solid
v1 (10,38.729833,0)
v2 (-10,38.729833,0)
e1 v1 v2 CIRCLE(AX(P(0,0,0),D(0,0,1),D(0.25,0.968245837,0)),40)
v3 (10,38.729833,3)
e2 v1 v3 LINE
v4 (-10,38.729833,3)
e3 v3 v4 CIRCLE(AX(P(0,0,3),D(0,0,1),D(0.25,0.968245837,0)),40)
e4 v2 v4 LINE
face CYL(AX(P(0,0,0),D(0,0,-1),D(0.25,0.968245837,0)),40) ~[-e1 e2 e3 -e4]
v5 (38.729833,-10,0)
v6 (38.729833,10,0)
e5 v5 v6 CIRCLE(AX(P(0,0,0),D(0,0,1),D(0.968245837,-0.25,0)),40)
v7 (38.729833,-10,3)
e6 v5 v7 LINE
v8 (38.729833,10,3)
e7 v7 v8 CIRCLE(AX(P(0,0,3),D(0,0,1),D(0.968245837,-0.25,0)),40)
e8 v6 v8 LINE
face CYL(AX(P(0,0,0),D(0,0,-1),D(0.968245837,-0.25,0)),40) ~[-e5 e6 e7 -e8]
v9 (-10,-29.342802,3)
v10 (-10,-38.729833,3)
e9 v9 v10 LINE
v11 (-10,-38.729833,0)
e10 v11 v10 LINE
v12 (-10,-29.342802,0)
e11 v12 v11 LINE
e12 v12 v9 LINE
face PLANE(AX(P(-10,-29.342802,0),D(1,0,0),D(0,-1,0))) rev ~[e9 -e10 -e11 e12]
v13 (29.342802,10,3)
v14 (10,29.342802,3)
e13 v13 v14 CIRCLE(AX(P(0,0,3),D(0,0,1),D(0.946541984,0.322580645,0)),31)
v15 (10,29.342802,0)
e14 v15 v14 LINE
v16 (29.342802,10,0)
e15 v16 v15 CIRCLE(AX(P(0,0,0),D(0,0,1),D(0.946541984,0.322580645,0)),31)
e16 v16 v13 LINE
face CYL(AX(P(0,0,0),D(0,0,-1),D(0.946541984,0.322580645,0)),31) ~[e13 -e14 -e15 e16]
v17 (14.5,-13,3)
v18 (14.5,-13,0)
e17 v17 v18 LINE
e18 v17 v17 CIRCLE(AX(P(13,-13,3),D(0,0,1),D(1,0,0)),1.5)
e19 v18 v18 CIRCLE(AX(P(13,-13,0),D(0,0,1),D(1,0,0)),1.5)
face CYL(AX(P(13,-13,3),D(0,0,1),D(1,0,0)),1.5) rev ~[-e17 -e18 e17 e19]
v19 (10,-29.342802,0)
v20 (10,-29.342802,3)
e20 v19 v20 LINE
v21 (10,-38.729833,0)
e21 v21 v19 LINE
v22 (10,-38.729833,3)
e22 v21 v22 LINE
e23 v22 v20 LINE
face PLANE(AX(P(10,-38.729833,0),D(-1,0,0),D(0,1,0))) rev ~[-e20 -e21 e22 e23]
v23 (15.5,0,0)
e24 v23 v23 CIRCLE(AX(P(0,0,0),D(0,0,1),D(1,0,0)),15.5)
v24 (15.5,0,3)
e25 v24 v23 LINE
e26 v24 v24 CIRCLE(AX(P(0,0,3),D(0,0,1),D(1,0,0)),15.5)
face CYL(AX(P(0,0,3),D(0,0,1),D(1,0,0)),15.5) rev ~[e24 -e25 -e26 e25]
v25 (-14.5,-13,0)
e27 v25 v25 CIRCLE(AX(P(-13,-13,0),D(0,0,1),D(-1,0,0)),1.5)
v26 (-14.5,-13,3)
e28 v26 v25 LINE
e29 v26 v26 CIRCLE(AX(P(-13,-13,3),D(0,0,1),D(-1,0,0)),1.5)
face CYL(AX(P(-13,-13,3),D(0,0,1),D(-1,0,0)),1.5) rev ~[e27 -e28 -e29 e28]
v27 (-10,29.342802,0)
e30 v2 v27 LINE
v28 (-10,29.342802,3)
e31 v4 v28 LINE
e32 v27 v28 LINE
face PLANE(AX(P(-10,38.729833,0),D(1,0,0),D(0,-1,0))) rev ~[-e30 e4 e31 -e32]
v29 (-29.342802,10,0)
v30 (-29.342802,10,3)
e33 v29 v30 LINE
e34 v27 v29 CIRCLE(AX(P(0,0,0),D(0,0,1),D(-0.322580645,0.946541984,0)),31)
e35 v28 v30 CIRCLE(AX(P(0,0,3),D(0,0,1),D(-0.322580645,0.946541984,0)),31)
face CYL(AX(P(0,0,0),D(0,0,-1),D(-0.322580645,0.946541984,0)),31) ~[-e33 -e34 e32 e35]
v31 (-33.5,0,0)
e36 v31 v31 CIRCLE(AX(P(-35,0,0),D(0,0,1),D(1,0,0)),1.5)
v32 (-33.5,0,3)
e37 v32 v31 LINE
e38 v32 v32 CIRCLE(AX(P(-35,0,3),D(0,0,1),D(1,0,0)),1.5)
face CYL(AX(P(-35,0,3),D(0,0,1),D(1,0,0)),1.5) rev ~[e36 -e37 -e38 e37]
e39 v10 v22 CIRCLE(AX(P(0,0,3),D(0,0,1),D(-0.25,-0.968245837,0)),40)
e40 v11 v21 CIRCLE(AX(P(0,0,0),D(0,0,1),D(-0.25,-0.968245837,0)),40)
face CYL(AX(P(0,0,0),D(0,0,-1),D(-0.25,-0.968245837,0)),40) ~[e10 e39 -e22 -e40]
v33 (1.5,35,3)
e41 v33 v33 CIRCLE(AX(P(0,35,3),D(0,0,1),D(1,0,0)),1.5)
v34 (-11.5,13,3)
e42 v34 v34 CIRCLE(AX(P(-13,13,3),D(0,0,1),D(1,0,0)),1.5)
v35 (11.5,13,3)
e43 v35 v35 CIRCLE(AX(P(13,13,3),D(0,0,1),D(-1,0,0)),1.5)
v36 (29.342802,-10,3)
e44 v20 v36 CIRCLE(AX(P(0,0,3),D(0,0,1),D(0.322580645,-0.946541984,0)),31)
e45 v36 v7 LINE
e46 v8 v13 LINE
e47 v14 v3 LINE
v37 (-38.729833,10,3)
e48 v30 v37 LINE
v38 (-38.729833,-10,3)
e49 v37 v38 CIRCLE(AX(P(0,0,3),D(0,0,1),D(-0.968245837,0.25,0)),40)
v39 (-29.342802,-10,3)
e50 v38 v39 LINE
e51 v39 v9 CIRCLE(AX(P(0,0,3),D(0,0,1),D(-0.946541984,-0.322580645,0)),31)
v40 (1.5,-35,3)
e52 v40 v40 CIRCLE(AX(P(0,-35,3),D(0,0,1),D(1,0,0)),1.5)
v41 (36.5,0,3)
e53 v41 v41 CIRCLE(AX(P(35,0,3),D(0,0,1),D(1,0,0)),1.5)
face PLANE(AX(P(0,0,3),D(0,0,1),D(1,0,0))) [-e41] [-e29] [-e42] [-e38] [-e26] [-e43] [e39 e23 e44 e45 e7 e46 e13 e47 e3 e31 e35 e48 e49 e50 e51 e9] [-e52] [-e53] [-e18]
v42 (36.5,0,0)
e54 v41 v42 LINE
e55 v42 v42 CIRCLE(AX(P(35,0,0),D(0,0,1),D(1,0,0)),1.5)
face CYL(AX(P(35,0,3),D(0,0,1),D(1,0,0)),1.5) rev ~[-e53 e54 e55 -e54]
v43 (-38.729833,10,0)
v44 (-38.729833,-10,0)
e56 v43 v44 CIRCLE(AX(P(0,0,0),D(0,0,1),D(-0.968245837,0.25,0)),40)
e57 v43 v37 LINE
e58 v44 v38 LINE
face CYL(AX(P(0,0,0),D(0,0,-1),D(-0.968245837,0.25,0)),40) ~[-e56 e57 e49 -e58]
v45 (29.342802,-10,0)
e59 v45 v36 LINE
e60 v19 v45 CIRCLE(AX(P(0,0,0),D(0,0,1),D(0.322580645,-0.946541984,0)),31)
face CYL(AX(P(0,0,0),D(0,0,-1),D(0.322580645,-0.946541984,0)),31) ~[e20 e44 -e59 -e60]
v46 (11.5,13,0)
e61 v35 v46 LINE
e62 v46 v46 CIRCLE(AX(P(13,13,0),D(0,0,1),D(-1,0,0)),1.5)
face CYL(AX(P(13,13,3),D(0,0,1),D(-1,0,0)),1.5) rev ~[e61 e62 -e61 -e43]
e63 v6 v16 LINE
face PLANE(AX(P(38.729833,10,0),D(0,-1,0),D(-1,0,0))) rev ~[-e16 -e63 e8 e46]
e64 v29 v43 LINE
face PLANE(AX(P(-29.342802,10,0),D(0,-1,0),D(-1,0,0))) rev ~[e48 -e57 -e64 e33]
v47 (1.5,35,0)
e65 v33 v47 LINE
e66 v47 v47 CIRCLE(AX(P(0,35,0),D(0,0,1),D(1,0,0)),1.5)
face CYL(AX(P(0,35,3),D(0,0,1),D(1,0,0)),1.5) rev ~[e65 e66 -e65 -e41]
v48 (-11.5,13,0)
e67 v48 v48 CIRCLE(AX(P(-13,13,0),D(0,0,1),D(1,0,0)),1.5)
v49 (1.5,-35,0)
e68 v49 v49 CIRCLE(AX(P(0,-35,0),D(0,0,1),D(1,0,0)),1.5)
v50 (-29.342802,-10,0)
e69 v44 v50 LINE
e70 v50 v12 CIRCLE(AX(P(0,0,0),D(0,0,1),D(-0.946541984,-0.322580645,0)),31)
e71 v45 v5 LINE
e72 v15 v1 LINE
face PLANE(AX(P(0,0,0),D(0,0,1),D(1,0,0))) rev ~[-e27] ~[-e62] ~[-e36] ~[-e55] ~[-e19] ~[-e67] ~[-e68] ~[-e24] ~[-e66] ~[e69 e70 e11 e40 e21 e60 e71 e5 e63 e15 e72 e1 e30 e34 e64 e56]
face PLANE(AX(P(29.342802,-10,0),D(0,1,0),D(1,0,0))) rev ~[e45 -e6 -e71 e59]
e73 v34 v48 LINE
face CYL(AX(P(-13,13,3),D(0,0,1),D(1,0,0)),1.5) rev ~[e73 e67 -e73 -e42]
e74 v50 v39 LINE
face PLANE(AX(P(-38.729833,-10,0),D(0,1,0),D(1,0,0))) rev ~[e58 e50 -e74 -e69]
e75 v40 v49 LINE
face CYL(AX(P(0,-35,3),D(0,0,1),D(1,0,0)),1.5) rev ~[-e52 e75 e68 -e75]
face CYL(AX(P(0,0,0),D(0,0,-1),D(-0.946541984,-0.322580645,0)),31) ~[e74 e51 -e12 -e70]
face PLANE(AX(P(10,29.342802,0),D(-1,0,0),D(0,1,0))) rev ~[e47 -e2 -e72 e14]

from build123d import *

# Parameters (mm, degrees)
BOSS_EXTRUDE2_DEPTH = 3
CUT_EXTRUDE1_REACH  = 58.648
SKETCH3_R           = 1.5
SKETCH4_R           = 15.5
SKETCH4_R_2         = 1.5
CUT_EXTRUDE2_DEPTH  = 3


with BuildPart() as part:
    # Sketch2 → Boss-Extrude2 (new body)
    with BuildSketch(Plane.XY):
        with BuildLine():
            Line((-10, -29.342801502), (-10, -38.729833462))
            ThreePointArc((-10, -38.729833462), (0, -40), (10, -38.729833462))
            Line((10, -38.729833462), (10, -29.342801502))
            ThreePointArc((10, -29.342801502), (21.920310217, -21.920310217), (29.342801502, -10))
            Line((29.342801502, -10), (38.729833462, -10))
            ThreePointArc((38.729833462, -10), (40, 0), (38.729833462, 10))
            Line((38.729833462, 10), (29.342801502, 10))
            ThreePointArc((29.342801502, 10), (21.920310217, 21.920310217), (10, 29.342801502))
            Line((10, 29.342801502), (10, 38.729833462))
            ThreePointArc((10, 38.729833462), (0, 40), (-10, 38.729833462))
            Line((-10, 38.729833462), (-10, 29.342801502))
            ThreePointArc((-10, 29.342801502), (-21.920310217, 21.920310217), (-29.342801502, 10))
            Line((-29.342801502, 10), (-38.729833462, 10))
            ThreePointArc((-38.729833462, 10), (-40, 0), (-38.729833462, -10))
            Line((-38.729833462, -10), (-29.342801502, -10))
            ThreePointArc((-29.342801502, -10), (-21.920310217, -21.920310217), (-10, -29.342801502))
        make_face()
    extrude(amount=BOSS_EXTRUDE2_DEPTH)

    # Sketch3 → Cut-Extrude1 (cut, up to next)
    with BuildSketch(Plane.XY.offset(3), mode=Mode.PRIVATE) as cut_extrude1_sk1:
        with Locations((0, 35)):
            Circle(SKETCH3_R)
    cut_extrude1_tool1 = extrude(cut_extrude1_sk1.sketch, amount=-CUT_EXTRUDE1_REACH, mode=Mode.PRIVATE) & part.part
    # Sketch3 → Cut-Extrude1 (cut, up to next)
    with BuildSketch(Plane.XY.offset(3), mode=Mode.PRIVATE) as cut_extrude1_sk2:
        with Locations((35, 0)):
            Circle(SKETCH3_R)
    cut_extrude1_tool2 = extrude(cut_extrude1_sk2.sketch, amount=-CUT_EXTRUDE1_REACH, mode=Mode.PRIVATE) & part.part
    # Sketch3 → Cut-Extrude1 (cut, up to next)
    with BuildSketch(Plane.XY.offset(3), mode=Mode.PRIVATE) as cut_extrude1_sk3:
        with Locations((0, -35)):
            Circle(SKETCH3_R)
    cut_extrude1_tool3 = extrude(cut_extrude1_sk3.sketch, amount=-CUT_EXTRUDE1_REACH, mode=Mode.PRIVATE) & part.part
    # Sketch3 → Cut-Extrude1 (cut, up to next)
    with BuildSketch(Plane.XY.offset(3), mode=Mode.PRIVATE) as cut_extrude1_sk4:
        with Locations((-35, 0)):
            Circle(SKETCH3_R)
    cut_extrude1_tool4 = extrude(cut_extrude1_sk4.sketch, amount=-CUT_EXTRUDE1_REACH, mode=Mode.PRIVATE) & part.part
    add(cut_extrude1_tool1.solids().sort_by_distance((0, 35, 3))[0], mode=Mode.SUBTRACT)
    add(cut_extrude1_tool2.solids().sort_by_distance((35, 0, 3))[0], mode=Mode.SUBTRACT)
    add(cut_extrude1_tool3.solids().sort_by_distance((0, -35, 3))[0], mode=Mode.SUBTRACT)
    add(cut_extrude1_tool4.solids().sort_by_distance((-35, 0, 3))[0], mode=Mode.SUBTRACT)

    # Sketch4 → Cut-Extrude2 (cut)
    with BuildSketch(Plane.XY.offset(3)):
        Circle(SKETCH4_R)
        with Locations((-13, 13)):
            Circle(SKETCH4_R_2)
        with Locations(Location((-13, -13, 0), (0, 0, 180))):
            Circle(SKETCH4_R_2)
        with Locations((13, -13)):
            Circle(SKETCH4_R_2)
        with Locations(Location((13, 13, 0), (0, 0, 180))):
            Circle(SKETCH4_R_2)
    extrude(amount=-CUT_EXTRUDE2_DEPTH, mode=Mode.SUBTRACT)


solid = part.part
